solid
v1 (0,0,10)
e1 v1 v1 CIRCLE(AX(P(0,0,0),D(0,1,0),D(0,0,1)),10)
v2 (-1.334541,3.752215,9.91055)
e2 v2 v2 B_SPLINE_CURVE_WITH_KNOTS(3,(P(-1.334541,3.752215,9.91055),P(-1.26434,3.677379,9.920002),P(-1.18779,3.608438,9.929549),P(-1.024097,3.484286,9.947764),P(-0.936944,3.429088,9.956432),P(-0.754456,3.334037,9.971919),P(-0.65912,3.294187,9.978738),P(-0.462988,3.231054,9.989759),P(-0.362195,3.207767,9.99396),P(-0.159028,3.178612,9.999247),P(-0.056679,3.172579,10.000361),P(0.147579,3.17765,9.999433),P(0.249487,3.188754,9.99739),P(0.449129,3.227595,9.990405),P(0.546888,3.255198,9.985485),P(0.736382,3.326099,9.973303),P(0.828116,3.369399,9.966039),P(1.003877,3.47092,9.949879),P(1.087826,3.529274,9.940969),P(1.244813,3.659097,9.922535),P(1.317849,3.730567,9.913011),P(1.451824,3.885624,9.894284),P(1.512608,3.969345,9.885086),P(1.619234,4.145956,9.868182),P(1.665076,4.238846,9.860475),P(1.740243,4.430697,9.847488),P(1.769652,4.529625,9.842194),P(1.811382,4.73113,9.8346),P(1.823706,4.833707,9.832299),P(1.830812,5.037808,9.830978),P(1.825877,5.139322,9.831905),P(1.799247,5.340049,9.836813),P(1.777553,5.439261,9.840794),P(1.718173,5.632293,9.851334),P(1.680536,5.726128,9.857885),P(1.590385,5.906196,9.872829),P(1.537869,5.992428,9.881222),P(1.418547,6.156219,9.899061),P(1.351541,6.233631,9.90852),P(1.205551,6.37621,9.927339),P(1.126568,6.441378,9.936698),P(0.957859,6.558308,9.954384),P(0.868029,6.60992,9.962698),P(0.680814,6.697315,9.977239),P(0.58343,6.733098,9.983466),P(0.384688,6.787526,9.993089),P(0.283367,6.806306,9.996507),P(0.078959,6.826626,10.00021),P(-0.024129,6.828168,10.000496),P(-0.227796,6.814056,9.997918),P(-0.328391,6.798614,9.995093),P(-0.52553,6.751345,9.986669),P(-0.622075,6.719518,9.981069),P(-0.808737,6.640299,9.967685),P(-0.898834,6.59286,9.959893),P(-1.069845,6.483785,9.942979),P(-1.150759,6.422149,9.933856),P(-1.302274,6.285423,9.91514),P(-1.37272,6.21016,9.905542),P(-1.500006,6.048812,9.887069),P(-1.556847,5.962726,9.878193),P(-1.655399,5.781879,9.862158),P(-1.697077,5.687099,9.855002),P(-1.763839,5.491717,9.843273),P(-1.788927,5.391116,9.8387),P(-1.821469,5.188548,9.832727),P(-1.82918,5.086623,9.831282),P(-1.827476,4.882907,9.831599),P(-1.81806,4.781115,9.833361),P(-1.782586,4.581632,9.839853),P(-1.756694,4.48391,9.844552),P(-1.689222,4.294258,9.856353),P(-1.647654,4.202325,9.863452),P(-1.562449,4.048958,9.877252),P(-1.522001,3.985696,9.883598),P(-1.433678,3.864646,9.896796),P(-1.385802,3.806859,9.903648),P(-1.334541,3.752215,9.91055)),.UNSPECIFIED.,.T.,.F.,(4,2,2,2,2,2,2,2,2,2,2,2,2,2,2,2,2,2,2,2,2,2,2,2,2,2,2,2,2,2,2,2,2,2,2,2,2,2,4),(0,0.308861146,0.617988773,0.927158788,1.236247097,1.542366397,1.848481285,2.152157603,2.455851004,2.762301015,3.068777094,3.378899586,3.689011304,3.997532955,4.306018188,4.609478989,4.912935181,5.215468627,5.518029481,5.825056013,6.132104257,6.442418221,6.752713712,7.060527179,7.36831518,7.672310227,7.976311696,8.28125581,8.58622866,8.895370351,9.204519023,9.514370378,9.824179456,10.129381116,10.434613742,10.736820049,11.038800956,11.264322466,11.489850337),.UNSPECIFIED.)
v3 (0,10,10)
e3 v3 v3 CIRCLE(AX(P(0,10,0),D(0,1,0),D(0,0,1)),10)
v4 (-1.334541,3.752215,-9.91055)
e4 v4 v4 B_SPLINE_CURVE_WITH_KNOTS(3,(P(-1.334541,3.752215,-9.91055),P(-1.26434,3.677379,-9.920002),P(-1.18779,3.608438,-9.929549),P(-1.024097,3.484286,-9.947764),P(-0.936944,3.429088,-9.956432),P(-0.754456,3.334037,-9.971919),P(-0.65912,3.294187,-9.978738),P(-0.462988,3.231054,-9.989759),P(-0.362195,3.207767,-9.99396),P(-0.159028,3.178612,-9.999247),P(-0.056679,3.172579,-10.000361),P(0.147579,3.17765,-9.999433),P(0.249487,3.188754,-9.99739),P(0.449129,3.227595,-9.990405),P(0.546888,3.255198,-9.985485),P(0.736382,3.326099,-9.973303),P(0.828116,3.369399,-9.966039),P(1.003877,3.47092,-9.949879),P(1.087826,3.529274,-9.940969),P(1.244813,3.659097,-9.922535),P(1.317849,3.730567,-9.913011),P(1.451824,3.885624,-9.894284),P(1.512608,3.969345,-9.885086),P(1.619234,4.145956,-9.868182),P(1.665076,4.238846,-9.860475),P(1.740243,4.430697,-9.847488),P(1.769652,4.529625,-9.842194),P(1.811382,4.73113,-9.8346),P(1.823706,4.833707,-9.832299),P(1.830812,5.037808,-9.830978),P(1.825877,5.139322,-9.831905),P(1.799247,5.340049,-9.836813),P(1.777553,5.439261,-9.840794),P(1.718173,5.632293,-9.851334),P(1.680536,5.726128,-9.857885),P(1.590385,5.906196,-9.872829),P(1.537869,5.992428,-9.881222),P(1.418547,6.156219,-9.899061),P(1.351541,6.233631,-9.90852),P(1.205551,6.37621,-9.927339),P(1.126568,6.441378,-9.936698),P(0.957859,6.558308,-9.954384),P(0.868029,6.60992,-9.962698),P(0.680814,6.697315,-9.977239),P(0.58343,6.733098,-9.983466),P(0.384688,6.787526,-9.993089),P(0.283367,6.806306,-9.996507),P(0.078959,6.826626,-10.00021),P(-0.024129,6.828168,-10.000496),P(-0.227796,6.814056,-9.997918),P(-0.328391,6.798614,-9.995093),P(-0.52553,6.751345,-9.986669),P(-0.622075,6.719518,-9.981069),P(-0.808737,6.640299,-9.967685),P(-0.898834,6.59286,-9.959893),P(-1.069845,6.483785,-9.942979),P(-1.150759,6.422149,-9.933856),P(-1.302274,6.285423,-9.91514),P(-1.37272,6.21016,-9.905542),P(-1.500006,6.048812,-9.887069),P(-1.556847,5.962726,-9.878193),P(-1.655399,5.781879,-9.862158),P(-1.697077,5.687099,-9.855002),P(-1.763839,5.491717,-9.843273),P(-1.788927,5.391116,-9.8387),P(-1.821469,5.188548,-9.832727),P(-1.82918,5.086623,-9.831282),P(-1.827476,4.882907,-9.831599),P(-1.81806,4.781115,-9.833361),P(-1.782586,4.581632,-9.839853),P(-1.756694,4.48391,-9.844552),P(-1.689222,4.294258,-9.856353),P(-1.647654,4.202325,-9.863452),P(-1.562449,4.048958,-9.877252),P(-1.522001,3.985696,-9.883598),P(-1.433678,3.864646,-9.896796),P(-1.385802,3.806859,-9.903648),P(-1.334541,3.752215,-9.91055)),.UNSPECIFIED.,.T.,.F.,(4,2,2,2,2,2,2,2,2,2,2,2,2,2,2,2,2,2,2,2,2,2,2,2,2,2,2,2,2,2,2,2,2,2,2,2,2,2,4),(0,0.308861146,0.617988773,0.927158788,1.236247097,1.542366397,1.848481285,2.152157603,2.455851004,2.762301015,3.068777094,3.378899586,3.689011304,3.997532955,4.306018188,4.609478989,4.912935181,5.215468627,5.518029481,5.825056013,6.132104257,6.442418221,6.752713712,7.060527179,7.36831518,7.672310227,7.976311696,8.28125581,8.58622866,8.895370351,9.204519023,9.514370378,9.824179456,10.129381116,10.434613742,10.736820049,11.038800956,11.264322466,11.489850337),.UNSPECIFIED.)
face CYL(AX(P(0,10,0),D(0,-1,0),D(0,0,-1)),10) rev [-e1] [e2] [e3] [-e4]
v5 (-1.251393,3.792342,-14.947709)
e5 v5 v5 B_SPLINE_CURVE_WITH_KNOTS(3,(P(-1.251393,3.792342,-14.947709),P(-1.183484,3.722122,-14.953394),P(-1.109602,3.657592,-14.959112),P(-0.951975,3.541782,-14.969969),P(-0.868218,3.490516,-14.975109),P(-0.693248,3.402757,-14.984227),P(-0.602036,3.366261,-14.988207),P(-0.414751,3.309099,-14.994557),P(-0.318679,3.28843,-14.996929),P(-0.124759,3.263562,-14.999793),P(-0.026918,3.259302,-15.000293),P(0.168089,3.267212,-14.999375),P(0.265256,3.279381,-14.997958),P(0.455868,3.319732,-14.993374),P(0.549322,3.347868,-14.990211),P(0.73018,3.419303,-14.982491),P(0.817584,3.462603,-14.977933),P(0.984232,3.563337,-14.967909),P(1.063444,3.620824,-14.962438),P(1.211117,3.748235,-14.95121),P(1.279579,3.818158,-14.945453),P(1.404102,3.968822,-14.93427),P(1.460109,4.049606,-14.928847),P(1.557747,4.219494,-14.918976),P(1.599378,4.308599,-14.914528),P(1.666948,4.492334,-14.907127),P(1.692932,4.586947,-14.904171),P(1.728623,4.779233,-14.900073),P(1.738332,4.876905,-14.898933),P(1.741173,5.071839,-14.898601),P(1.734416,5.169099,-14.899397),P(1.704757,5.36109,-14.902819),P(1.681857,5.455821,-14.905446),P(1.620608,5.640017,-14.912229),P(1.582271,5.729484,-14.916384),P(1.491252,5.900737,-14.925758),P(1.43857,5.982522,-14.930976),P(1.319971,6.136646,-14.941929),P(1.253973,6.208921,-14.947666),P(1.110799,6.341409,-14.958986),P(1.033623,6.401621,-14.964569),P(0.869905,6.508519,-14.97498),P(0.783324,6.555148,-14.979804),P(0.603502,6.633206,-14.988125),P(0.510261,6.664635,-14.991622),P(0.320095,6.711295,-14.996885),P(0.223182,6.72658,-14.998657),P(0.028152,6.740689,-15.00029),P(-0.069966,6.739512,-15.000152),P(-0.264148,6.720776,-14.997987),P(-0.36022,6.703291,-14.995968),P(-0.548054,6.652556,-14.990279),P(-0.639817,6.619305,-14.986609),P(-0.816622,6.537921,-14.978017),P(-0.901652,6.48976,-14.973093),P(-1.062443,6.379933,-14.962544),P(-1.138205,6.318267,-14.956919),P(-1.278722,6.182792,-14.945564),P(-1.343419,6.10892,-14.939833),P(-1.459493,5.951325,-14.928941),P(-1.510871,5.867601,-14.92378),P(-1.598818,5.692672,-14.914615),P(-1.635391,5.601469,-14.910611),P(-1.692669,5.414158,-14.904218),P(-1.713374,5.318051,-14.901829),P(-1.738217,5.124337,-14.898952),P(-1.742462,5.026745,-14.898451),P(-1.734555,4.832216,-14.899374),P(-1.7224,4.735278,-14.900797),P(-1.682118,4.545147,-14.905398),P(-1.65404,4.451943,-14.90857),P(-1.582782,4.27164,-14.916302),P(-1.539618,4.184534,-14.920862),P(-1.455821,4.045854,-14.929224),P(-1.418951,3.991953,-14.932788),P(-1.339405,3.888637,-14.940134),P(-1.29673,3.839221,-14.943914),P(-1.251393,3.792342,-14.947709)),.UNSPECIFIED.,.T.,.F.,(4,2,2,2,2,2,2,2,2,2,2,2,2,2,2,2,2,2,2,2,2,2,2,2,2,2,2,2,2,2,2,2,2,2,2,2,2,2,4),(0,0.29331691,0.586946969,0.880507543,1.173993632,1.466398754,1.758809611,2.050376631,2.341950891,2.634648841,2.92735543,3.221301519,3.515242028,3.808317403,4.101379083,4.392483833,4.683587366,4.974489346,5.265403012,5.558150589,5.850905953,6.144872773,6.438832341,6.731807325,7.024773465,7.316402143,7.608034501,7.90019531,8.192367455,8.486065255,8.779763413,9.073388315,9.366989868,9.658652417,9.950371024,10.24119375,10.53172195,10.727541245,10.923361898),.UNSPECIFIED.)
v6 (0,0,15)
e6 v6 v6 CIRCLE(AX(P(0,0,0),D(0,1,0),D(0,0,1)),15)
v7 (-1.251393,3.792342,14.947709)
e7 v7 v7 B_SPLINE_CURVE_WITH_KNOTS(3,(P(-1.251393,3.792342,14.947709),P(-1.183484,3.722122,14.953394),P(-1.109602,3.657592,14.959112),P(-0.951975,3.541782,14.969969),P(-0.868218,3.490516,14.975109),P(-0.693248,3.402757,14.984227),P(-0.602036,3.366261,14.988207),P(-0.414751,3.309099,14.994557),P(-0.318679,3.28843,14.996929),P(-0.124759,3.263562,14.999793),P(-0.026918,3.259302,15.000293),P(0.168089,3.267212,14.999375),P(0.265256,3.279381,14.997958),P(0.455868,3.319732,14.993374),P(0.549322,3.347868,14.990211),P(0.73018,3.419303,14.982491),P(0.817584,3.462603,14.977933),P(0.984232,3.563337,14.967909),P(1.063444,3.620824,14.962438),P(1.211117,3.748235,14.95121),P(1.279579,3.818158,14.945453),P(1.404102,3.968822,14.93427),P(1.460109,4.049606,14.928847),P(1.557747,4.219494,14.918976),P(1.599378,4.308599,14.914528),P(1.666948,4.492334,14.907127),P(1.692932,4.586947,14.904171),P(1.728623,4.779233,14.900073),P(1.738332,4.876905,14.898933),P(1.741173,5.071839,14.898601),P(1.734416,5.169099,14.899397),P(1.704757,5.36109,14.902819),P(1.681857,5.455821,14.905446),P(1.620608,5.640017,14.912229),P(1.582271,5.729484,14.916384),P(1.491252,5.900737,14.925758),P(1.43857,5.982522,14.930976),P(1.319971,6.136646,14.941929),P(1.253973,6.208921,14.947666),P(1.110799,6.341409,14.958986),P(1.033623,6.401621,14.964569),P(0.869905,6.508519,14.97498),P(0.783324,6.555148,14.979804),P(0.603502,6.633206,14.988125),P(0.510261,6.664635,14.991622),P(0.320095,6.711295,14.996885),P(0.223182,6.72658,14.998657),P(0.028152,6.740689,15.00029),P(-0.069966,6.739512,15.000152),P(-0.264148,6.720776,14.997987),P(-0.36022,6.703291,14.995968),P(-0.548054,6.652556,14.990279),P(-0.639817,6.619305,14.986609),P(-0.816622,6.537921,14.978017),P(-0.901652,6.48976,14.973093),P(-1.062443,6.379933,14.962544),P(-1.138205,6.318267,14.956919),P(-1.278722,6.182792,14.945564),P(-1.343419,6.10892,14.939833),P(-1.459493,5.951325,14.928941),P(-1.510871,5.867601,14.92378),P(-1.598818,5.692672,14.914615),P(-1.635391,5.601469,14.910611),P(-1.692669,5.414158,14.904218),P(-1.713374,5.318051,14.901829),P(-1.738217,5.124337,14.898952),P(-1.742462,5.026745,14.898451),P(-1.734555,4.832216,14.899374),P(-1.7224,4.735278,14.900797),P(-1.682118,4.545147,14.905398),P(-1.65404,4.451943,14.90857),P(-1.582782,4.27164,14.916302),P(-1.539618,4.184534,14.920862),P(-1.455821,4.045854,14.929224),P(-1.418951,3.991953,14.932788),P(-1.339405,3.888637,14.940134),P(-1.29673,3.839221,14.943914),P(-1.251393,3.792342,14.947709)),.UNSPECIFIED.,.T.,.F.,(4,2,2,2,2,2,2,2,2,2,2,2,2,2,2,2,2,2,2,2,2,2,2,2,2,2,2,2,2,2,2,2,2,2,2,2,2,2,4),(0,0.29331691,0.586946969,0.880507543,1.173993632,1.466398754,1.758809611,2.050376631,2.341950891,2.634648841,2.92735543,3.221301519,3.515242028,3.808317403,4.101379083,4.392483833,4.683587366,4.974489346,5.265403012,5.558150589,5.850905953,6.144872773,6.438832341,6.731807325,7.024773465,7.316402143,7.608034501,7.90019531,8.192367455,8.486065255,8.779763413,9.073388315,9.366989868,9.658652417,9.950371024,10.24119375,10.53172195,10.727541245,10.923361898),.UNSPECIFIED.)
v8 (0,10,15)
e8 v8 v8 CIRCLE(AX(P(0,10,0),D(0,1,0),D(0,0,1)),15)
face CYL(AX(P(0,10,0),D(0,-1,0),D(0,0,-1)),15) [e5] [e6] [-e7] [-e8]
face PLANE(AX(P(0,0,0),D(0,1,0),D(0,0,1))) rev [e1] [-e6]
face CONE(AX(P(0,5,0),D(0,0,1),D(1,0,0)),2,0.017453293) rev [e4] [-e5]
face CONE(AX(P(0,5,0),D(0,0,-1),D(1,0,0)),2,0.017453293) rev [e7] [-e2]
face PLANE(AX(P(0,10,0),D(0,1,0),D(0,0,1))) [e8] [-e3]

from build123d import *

# Parameters (mm, degrees)
SKETCH3_R                    = 15
SKETCH3_R_2                  = 10
BOSS_EXTRUDE1_DEPTH          = 10
SKETCH4_R                    = 2
CUT_EXTRUDE1_DEPTH           = 21
CUT_EXTRUDE1_TAPER           = 1
CUT_EXTRUDE1_OTHER_WAY_DEPTH = 19
CUT_EXTRUDE1_OTHER_WAY_TAPER = 1


with BuildPart() as part:
    # Sketch3 → Boss-Extrude1 (new body)
    with BuildSketch(Plane(origin=(0, 0, 0), x_dir=(1, 0, 0), z_dir=(0, 1, 0))):
        Circle(SKETCH3_R)
        Circle(SKETCH3_R_2, mode=Mode.SUBTRACT)
    extrude(amount=BOSS_EXTRUDE1_DEPTH)

    # Sketch4 → Cut-Extrude1 (cut)
    with BuildSketch(Plane.XY):
        with Locations((0, 5)):
            Circle(SKETCH4_R)
    extrude(amount=-CUT_EXTRUDE1_DEPTH, taper=CUT_EXTRUDE1_TAPER, mode=Mode.SUBTRACT)

    # Sketch4 → Cut-Extrude1 other way (cut)
    with BuildSketch(Plane.XY):
        with Locations((0, 5)):
            Circle(SKETCH4_R)
    extrude(amount=CUT_EXTRUDE1_OTHER_WAY_DEPTH, taper=CUT_EXTRUDE1_OTHER_WAY_TAPER, mode=Mode.SUBTRACT)


solid = part.part
